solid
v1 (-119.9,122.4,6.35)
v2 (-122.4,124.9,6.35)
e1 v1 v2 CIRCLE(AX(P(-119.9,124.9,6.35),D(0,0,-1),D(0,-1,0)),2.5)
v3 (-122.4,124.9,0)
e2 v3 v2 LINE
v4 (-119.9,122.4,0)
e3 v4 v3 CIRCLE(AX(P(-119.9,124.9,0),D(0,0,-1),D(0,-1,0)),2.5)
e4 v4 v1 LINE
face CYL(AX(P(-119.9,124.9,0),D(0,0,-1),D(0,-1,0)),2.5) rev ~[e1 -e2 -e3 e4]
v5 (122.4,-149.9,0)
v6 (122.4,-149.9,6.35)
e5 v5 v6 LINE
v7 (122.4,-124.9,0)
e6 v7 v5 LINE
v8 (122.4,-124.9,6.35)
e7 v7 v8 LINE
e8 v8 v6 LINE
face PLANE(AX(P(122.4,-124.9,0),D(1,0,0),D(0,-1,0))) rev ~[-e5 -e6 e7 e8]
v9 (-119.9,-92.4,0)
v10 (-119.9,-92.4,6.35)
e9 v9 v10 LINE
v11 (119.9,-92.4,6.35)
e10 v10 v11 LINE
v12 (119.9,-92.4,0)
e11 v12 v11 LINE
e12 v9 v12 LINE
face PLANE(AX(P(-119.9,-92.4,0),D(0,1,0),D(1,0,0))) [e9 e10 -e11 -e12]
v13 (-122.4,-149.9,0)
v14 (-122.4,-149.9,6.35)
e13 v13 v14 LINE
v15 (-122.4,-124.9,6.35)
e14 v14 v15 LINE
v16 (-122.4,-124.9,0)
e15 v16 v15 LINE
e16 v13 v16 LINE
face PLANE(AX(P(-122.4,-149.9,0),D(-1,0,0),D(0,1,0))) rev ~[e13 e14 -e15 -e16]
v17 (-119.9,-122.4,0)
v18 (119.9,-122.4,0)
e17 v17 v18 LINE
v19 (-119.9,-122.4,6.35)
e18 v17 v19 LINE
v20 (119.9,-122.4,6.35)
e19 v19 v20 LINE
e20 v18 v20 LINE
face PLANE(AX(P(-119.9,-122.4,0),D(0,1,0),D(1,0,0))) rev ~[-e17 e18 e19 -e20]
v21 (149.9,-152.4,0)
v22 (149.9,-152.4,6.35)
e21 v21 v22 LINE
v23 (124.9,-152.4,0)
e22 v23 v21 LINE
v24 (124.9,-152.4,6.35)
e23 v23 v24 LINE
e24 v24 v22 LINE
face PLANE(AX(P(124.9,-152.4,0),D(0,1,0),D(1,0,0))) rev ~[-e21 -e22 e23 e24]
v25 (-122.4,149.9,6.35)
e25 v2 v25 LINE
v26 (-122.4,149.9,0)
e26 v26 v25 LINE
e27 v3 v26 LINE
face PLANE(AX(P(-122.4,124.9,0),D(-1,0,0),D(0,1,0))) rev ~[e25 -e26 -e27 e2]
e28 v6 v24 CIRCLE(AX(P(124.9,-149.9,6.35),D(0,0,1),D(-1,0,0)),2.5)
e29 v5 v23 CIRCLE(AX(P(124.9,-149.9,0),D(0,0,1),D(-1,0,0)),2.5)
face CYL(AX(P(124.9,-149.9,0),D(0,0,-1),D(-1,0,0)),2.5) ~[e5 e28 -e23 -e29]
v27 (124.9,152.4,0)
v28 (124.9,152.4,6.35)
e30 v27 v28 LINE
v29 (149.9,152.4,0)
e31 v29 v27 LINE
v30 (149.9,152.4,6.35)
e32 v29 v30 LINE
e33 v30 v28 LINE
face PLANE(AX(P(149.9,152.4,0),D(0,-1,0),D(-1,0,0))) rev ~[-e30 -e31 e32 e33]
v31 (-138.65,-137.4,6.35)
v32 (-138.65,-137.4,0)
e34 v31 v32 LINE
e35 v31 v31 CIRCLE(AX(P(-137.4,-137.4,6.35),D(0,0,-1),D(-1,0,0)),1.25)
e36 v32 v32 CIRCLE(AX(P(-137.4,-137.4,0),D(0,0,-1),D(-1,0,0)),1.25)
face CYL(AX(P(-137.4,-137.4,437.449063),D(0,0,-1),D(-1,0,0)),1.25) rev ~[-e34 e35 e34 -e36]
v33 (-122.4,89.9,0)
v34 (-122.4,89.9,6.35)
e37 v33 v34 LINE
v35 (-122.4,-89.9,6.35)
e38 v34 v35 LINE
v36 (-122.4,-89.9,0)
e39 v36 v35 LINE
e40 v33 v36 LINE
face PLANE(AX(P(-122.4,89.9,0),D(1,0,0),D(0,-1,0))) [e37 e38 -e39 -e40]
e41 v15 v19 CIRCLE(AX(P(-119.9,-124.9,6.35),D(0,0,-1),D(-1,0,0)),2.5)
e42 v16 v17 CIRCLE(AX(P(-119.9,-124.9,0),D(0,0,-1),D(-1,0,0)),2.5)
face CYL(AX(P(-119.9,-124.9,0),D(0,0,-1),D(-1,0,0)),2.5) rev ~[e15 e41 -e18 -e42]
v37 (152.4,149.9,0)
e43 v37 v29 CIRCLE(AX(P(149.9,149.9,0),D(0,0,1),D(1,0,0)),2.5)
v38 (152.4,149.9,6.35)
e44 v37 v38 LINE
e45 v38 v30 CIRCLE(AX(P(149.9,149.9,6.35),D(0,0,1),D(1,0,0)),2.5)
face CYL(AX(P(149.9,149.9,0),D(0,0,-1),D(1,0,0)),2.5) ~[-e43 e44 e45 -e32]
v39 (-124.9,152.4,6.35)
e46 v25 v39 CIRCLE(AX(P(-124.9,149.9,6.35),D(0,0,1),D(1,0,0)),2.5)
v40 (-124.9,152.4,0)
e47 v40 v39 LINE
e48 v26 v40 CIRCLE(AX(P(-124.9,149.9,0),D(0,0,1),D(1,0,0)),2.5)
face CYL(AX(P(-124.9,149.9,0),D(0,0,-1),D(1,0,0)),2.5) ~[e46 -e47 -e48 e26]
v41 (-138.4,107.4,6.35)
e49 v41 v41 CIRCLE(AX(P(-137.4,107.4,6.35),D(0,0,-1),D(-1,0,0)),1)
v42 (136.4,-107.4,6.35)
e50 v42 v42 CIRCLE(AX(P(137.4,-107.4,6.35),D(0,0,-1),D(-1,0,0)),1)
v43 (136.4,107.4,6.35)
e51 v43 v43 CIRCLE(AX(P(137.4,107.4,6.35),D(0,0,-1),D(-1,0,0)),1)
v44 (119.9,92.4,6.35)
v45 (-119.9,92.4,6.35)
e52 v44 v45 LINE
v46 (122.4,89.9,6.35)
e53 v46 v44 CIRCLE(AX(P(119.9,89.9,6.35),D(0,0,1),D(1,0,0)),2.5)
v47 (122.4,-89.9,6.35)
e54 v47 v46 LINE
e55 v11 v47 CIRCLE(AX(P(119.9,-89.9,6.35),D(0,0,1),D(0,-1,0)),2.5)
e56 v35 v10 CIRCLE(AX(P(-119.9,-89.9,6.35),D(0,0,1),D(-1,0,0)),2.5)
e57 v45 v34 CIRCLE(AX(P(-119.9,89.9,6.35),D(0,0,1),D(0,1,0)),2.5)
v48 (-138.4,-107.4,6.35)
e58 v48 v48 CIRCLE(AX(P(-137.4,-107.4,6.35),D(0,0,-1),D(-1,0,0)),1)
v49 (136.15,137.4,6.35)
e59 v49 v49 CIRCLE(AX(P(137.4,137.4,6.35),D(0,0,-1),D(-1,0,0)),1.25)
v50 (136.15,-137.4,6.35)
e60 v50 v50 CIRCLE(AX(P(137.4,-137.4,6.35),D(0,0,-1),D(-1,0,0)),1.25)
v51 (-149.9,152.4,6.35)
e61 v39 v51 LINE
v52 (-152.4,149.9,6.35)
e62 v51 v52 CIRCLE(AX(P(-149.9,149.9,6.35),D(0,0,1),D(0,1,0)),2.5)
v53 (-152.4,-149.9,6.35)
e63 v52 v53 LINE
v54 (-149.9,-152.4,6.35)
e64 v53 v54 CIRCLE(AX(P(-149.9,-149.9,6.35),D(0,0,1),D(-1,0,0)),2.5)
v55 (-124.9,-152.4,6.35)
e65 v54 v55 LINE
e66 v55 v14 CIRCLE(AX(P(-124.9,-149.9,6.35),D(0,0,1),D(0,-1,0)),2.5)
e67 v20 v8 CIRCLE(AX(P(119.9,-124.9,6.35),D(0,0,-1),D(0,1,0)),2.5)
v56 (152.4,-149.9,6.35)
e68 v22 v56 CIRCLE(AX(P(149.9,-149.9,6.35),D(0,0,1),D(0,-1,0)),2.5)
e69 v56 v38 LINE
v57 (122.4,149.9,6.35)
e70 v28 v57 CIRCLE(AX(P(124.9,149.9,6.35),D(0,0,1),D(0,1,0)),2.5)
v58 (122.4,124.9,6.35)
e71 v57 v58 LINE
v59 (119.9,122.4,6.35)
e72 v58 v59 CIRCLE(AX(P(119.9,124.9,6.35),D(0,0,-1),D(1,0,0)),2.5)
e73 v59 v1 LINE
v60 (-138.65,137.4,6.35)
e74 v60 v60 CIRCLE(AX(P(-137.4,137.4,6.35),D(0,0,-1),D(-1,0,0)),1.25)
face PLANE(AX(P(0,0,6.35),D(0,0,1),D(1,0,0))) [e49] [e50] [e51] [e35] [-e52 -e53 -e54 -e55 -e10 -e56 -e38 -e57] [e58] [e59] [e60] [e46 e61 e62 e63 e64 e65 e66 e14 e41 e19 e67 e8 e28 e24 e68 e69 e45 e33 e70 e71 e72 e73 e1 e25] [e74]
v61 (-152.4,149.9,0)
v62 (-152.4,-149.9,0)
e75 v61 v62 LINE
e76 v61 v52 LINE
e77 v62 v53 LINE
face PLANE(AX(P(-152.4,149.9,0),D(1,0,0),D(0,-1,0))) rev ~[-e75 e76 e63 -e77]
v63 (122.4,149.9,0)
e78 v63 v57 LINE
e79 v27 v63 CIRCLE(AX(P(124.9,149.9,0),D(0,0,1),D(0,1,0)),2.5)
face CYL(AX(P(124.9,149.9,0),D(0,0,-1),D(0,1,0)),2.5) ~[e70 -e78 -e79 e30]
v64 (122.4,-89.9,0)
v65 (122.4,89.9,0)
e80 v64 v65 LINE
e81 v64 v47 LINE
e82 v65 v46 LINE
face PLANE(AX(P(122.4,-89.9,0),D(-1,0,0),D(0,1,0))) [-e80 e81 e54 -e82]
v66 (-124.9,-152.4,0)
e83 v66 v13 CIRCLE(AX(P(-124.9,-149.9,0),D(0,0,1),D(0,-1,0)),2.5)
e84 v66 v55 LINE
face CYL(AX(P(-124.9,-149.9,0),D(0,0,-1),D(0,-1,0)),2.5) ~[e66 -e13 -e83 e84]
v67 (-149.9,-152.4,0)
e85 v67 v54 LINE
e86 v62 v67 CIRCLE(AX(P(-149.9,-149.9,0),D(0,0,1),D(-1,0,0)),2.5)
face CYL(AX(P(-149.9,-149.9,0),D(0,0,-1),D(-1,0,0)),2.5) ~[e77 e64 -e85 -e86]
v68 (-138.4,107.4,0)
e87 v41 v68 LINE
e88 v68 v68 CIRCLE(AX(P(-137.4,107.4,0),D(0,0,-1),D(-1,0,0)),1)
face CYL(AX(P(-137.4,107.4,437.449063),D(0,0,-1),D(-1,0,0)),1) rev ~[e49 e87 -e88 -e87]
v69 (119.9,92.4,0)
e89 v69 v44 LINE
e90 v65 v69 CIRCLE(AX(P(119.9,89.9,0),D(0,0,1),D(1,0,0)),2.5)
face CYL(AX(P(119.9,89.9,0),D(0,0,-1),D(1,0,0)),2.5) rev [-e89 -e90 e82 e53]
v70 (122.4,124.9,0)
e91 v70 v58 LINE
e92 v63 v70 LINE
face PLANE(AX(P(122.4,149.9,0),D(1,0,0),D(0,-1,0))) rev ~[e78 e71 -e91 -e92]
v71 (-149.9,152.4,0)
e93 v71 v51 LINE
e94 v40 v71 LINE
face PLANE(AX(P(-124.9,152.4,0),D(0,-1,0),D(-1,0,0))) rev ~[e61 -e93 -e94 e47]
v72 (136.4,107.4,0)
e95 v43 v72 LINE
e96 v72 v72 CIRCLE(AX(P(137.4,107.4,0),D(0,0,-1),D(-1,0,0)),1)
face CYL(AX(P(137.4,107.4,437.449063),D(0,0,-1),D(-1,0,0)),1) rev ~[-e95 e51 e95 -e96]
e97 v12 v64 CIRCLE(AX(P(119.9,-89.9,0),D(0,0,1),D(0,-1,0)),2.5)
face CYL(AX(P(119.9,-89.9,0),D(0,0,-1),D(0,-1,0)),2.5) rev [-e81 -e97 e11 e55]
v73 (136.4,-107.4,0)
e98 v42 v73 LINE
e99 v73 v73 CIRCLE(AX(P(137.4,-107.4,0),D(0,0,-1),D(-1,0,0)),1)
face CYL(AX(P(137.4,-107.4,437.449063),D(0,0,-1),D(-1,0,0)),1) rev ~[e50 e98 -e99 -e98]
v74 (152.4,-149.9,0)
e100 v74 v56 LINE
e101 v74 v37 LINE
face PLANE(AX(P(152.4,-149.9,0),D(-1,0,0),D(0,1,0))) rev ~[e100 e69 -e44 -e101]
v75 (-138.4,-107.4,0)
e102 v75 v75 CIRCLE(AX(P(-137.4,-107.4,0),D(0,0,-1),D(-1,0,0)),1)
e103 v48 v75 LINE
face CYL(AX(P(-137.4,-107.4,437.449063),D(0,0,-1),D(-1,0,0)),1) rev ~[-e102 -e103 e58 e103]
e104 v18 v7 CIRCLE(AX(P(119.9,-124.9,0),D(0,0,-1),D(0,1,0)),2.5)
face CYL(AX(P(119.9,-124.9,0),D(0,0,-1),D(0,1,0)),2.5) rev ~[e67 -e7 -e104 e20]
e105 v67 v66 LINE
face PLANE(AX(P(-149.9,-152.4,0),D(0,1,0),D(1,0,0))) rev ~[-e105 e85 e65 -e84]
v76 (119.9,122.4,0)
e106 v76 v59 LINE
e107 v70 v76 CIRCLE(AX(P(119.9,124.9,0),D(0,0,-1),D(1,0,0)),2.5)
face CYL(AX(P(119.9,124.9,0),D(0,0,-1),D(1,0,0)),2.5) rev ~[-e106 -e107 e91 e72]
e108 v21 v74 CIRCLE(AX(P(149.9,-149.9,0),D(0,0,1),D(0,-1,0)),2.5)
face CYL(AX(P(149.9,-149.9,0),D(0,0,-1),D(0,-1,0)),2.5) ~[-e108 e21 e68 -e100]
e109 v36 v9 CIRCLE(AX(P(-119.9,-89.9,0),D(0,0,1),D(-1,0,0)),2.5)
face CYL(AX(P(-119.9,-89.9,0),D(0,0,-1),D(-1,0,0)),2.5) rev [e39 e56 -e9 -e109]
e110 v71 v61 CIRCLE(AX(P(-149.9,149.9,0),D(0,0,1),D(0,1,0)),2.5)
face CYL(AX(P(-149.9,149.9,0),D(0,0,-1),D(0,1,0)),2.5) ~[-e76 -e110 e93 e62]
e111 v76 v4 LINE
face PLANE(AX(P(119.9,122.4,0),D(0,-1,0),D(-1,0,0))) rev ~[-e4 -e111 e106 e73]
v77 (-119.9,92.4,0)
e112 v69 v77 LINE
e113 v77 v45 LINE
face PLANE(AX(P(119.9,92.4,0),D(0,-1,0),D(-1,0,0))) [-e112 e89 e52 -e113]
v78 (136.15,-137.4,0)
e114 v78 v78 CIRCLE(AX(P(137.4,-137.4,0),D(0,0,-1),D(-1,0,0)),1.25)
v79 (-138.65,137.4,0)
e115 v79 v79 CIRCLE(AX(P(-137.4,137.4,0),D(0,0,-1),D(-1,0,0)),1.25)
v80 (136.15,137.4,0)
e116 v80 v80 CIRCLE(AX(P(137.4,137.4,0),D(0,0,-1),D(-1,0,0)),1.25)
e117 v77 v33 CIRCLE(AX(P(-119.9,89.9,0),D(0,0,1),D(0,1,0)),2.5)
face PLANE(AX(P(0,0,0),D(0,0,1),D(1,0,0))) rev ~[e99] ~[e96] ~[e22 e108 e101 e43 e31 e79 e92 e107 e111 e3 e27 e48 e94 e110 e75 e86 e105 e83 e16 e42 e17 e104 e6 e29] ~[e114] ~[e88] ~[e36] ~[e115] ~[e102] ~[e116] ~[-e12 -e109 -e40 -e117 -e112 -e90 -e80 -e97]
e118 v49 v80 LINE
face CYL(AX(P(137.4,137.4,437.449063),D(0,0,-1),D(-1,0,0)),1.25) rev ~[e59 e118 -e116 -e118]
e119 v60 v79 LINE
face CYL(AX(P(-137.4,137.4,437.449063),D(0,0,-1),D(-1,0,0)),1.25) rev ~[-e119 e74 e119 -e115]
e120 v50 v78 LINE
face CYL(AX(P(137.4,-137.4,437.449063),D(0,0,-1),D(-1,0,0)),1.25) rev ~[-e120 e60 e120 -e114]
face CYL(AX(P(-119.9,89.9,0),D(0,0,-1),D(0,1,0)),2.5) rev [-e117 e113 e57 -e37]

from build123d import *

# Parameters (mm, degrees)
BOSS_EXTRUDE1_DEPTH  = 6.35
M3_CLEARANCE_HOLE3_D = 2
M3_CLEARANCE_HOLE2_D = 2.5


with BuildPart() as part:
    # Sketch7 → Boss-Extrude1 (new body)
    with BuildSketch(Plane.XY):
        with BuildLine():
            Line((-119.9, -122.4), (119.9, -122.4))
            ThreePointArc((119.9, -122.4), (121.667766953, -123.132233047), (122.4, -124.9))
            Line((122.4, -124.9), (122.4, -149.9))
            ThreePointArc((122.4, -149.9), (123.132233047, -151.667766953), (124.9, -152.4))
            Line((124.9, -152.4), (149.9, -152.4))
            ThreePointArc((149.9, -152.4), (151.667766953, -151.667766953), (152.4, -149.9))
            Line((152.4, -149.9), (152.4, -102.186961883))
            Line((152.4, -102.186961883), (152.4, 120.74319893))
            Line((152.4, 120.74319893), (152.4, 149.9))
            ThreePointArc((152.4, 149.9), (151.667766953, 151.667766953), (149.9, 152.4))
            Line((149.9, 152.4), (124.9, 152.4))
            ThreePointArc((124.9, 152.4), (123.132233047, 151.667766953), (122.4, 149.9))
            Line((122.4, 149.9), (122.4, 124.9))
            ThreePointArc((122.4, 124.9), (121.667766953, 123.132233047), (119.9, 122.4))
            Line((119.9, 122.4), (-119.9, 122.4))
            ThreePointArc((-119.9, 122.4), (-121.667766953, 123.132233047), (-122.4, 124.9))
            Line((-122.4, 124.9), (-122.4, 149.9))
            ThreePointArc((-122.4, 149.9), (-123.132233047, 151.667766953), (-124.9, 152.4))
            Line((-124.9, 152.4), (-149.9, 152.4))
            ThreePointArc((-149.9, 152.4), (-151.667766953, 151.667766953), (-152.4, 149.9))
            Line((-152.4, 149.9), (-152.4, 102.186961883))
            Line((-152.4, 102.186961883), (-152.4, -120.74319893))
            Line((-152.4, -120.74319893), (-152.4, -149.9))
            ThreePointArc((-152.4, -149.9), (-151.667766953, -151.667766953), (-149.9, -152.4))
            Line((-149.9, -152.4), (-124.9, -152.4))
            ThreePointArc((-124.9, -152.4), (-123.132233047, -151.667766953), (-122.4, -149.9))
            Line((-122.4, -149.9), (-122.4, -124.9))
            ThreePointArc((-122.4, -124.9), (-121.667766953, -123.132233047), (-119.9, -122.4))
        make_face()
        with BuildLine():
            Line((-119.9, -92.4), (119.9, -92.4))
            ThreePointArc((119.9, -92.4), (121.667766953, -91.667766953), (122.4, -89.9))
            Line((122.4, -89.9), (122.4, 89.9))
            ThreePointArc((122.4, 89.9), (121.667766953, 91.667766953), (119.9, 92.4))
            Line((119.9, 92.4), (-119.9, 92.4))
            ThreePointArc((-119.9, 92.4), (-121.667766953, 91.667766953), (-122.4, 89.9))
            Line((-122.4, 89.9), (-122.4, -89.9))
            ThreePointArc((-122.4, -89.9), (-121.667766953, -91.667766953), (-119.9, -92.4))
        make_face(mode=Mode.SUBTRACT)
    extrude(amount=BOSS_EXTRUDE1_DEPTH)

    # M3 Clearance Hole3 (through all)
    with Locations(Plane.XY.offset(6.35)):
        with Locations((-137.4, 107.4), (-137.4, -107.4), (137.4, -107.4), (137.4, 107.4)):
            Hole(M3_CLEARANCE_HOLE3_D / 2)

    # M3 Clearance Hole2 (through all)
    with Locations(Plane.XY.offset(6.35)):
        with Locations((-137.4, 137.4), (137.4, 137.4), (137.4, -137.4), (-137.4, -137.4)):
            Hole(M3_CLEARANCE_HOLE2_D / 2)


solid = part.part
